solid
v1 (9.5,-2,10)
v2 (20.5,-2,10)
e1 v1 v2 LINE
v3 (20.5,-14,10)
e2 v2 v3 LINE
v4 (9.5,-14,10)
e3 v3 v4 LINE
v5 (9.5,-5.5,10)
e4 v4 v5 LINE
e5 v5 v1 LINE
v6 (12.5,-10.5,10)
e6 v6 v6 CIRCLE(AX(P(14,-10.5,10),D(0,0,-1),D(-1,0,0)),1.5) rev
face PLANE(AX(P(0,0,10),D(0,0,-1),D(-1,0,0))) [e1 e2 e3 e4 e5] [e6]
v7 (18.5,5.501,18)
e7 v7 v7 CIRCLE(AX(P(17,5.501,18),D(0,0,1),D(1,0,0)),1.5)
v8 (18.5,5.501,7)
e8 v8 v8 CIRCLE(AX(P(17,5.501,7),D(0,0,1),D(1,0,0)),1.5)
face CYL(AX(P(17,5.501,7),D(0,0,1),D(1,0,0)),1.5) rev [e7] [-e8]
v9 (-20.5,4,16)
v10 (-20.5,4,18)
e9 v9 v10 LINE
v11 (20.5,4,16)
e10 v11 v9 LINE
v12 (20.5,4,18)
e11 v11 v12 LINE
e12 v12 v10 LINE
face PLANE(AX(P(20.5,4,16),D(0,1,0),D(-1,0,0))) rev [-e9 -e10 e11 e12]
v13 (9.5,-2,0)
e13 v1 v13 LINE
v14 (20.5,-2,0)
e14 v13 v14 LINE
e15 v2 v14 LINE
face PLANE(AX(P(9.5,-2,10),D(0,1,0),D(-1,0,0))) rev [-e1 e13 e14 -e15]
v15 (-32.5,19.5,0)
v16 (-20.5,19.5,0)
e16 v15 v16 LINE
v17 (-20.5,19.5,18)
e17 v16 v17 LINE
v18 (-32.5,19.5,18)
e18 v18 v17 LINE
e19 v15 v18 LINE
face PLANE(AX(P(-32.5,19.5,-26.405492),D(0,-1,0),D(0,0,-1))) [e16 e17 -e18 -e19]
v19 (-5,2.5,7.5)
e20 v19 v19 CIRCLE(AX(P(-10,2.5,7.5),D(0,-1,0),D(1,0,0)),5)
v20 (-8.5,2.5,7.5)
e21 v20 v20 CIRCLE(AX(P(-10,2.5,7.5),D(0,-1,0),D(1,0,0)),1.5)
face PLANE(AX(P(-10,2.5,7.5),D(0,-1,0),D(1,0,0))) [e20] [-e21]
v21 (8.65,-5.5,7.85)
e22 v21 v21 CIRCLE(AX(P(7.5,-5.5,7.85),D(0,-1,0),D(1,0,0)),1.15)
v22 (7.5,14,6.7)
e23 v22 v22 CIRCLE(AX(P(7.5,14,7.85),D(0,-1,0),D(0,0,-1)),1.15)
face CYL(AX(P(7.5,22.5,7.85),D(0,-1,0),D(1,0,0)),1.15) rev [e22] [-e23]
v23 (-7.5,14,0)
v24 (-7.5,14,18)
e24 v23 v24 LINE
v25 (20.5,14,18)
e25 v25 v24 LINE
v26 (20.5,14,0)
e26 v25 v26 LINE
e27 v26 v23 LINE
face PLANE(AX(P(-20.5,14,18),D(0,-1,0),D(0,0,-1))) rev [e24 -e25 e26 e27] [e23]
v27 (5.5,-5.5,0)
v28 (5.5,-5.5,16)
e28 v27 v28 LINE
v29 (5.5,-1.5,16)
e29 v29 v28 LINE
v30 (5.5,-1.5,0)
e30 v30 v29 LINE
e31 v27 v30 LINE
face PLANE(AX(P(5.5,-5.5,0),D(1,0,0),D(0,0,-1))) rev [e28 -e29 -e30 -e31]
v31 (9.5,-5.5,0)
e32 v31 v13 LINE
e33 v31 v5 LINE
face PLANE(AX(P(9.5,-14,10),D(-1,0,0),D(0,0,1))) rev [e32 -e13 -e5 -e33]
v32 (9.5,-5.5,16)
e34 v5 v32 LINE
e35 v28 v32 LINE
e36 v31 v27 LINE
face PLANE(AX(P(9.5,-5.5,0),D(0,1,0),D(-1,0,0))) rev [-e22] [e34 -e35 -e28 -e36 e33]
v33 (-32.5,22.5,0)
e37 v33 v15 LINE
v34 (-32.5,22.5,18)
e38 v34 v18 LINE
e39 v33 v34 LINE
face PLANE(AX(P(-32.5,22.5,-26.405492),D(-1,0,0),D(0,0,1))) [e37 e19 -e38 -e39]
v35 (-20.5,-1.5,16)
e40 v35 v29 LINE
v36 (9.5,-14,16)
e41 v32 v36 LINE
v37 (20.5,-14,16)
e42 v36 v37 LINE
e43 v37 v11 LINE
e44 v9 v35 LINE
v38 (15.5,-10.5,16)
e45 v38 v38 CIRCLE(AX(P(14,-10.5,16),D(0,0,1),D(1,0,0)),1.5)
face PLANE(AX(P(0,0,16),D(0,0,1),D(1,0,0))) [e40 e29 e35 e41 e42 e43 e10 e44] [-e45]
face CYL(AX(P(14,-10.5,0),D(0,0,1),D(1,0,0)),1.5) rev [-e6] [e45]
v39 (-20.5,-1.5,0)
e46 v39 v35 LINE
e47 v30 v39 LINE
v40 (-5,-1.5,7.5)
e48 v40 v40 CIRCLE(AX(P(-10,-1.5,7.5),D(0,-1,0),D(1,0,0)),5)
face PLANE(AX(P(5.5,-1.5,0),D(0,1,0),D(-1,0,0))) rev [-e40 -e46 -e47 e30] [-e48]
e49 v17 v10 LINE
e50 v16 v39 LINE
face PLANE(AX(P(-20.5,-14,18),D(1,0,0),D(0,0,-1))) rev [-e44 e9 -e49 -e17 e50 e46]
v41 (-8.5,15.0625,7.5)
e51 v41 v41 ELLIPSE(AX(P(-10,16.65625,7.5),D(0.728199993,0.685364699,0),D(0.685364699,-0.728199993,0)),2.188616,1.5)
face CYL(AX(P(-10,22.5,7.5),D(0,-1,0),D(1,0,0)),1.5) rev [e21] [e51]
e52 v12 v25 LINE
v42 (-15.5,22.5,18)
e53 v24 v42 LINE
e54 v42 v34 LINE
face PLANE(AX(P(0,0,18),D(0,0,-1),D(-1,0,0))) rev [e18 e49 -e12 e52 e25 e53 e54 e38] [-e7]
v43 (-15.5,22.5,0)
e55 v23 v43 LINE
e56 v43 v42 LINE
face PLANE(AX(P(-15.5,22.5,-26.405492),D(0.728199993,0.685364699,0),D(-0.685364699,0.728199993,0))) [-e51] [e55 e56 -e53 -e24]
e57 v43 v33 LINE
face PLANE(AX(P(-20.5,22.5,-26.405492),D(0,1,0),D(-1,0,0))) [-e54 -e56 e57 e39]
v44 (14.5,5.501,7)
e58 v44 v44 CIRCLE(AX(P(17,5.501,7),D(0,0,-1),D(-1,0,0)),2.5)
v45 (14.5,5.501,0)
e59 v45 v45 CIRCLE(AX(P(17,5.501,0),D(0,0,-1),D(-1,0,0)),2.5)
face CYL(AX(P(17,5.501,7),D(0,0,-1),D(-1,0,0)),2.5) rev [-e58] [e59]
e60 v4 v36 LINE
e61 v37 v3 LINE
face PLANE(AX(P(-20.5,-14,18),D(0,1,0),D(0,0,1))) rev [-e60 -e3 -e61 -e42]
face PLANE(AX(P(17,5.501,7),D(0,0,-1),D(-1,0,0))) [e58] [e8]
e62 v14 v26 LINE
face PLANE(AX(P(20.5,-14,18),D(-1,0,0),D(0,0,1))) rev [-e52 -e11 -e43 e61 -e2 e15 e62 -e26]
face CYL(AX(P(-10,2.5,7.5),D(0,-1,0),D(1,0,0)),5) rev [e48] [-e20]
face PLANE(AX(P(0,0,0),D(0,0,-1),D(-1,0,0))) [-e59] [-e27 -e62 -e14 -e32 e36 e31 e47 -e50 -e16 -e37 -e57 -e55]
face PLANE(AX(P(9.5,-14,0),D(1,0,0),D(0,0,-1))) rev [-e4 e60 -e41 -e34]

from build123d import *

# Parameters (mm, degrees)
SKETCH1_W           = 41
SKETCH1_H           = 28
BOSS_EXTRUDE1_DEPTH = 18
CUT_EXTRUDE1_DEPTH  = 18
BOSS_EXTRUDE2_DEPTH = 18
SKETCH4_W           = 41
SKETCH4_H           = 18
CUT_EXTRUDE2_DEPTH  = 2
SKETCH5_R           = 1.5
CUT_EXTRUDE9_DEPTH  = 11
SKETCH6_R           = 1.5
CUT_EXTRUDE10_DEPTH = 43.64387412
SKETCH7_R           = 2.5
CUT_EXTRUDE11_DEPTH = 7
SKETCH8_W           = 11
SKETCH8_H           = 12
CUT_EXTRUDE12_DEPTH = 10
SKETCH9_R           = 5
CUT_EXTRUDE13_DEPTH = 4
SKETCH10_R          = 1.5
CUT_EXTRUDE14_DEPTH = 43.1930089
SKETCH11_R          = 1.15
CUT_EXTRUDE15_DEPTH = 47.521500406


with BuildPart() as part:
    # Sketch1 → Boss-Extrude1 (new body)
    with BuildSketch(Plane.XY):
        Rectangle(SKETCH1_W, SKETCH1_H)
    extrude(amount=BOSS_EXTRUDE1_DEPTH)

    # Sketch2 → Cut-Extrude1 (cut)
    with BuildSketch(Plane.XY.offset(18)):
        Polygon((9.5, -14), (9.5, -5.5), (5.5, -5.5), (5.5, -1.5), (-20.5, -1.5), (-20.5, -14), align=None)
    extrude(amount=-CUT_EXTRUDE1_DEPTH, mode=Mode.SUBTRACT)

    # Sketch3 → Boss-Extrude2 (add)
    with BuildSketch(Plane.XY.offset(18)):
        Polygon((-20.5, 22.5), (-32.5, 22.5), (-32.5, 19.5), (-20.5, 19.5), (-20.5, 14), (-7.5, 14), (-15.5, 22.5), align=None)
    extrude(amount=-BOSS_EXTRUDE2_DEPTH)

    # Sketch4 → Cut-Extrude2 (cut)
    with BuildSketch(Plane.XY.offset(18)):
        with Locations((0, -5)):
            Rectangle(SKETCH4_W, SKETCH4_H)
    extrude(amount=-CUT_EXTRUDE2_DEPTH, mode=Mode.SUBTRACT)

    # Sketch5 → Cut-Extrude9 (cut)
    with BuildSketch(Plane.XY.offset(18)):
        with Locations((17, 5.501)):
            Circle(SKETCH5_R)
    extrude(amount=-CUT_EXTRUDE9_DEPTH, mode=Mode.SUBTRACT)

    # Sketch6 → Cut-Extrude10 (cut, through all)
    with BuildSketch(Plane.XY.offset(16)):
        with Locations((14, -10.5)):
            Circle(SKETCH6_R)
    extrude(amount=-CUT_EXTRUDE10_DEPTH, mode=Mode.SUBTRACT)

    # Sketch7 → Cut-Extrude11 (cut)
    with BuildSketch(Plane(origin=(0, 0, 0), x_dir=(-1, 0, 0), z_dir=(0, 0, -1))):
        with Locations((-17, 5.501)):
            Circle(SKETCH7_R)
    extrude(amount=-CUT_EXTRUDE11_DEPTH, mode=Mode.SUBTRACT)

    # Sketch8 → Cut-Extrude12 (cut)
    with BuildSketch(Plane(origin=(0, 0, 0), x_dir=(-1, 0, 0), z_dir=(0, 0, -1))):
        with Locations((-15, -8)):
            Rectangle(SKETCH8_W, SKETCH8_H)
    extrude(amount=-CUT_EXTRUDE12_DEPTH, mode=Mode.SUBTRACT)

    # Sketch9 → Cut-Extrude13 (cut)
    with BuildSketch(Plane.XZ.offset(1.5)):
        with Locations((-10, 7.5)):
            Circle(SKETCH9_R)
    extrude(amount=-CUT_EXTRUDE13_DEPTH, mode=Mode.SUBTRACT)

    # Sketch10 → Cut-Extrude14 (cut, through all)
    with BuildSketch(Plane.XZ.offset(-2.5)):
        with Locations((-10, 7.5)):
            Circle(SKETCH10_R)
    extrude(amount=-CUT_EXTRUDE14_DEPTH, mode=Mode.SUBTRACT)

    # Sketch11 → Cut-Extrude15 (cut, through all)
    with BuildSketch(Plane.XZ.offset(5.5)):
        with Locations((7.5, 7.85)):
            Circle(SKETCH11_R)
    extrude(amount=-CUT_EXTRUDE15_DEPTH, mode=Mode.SUBTRACT)


solid = part.part
